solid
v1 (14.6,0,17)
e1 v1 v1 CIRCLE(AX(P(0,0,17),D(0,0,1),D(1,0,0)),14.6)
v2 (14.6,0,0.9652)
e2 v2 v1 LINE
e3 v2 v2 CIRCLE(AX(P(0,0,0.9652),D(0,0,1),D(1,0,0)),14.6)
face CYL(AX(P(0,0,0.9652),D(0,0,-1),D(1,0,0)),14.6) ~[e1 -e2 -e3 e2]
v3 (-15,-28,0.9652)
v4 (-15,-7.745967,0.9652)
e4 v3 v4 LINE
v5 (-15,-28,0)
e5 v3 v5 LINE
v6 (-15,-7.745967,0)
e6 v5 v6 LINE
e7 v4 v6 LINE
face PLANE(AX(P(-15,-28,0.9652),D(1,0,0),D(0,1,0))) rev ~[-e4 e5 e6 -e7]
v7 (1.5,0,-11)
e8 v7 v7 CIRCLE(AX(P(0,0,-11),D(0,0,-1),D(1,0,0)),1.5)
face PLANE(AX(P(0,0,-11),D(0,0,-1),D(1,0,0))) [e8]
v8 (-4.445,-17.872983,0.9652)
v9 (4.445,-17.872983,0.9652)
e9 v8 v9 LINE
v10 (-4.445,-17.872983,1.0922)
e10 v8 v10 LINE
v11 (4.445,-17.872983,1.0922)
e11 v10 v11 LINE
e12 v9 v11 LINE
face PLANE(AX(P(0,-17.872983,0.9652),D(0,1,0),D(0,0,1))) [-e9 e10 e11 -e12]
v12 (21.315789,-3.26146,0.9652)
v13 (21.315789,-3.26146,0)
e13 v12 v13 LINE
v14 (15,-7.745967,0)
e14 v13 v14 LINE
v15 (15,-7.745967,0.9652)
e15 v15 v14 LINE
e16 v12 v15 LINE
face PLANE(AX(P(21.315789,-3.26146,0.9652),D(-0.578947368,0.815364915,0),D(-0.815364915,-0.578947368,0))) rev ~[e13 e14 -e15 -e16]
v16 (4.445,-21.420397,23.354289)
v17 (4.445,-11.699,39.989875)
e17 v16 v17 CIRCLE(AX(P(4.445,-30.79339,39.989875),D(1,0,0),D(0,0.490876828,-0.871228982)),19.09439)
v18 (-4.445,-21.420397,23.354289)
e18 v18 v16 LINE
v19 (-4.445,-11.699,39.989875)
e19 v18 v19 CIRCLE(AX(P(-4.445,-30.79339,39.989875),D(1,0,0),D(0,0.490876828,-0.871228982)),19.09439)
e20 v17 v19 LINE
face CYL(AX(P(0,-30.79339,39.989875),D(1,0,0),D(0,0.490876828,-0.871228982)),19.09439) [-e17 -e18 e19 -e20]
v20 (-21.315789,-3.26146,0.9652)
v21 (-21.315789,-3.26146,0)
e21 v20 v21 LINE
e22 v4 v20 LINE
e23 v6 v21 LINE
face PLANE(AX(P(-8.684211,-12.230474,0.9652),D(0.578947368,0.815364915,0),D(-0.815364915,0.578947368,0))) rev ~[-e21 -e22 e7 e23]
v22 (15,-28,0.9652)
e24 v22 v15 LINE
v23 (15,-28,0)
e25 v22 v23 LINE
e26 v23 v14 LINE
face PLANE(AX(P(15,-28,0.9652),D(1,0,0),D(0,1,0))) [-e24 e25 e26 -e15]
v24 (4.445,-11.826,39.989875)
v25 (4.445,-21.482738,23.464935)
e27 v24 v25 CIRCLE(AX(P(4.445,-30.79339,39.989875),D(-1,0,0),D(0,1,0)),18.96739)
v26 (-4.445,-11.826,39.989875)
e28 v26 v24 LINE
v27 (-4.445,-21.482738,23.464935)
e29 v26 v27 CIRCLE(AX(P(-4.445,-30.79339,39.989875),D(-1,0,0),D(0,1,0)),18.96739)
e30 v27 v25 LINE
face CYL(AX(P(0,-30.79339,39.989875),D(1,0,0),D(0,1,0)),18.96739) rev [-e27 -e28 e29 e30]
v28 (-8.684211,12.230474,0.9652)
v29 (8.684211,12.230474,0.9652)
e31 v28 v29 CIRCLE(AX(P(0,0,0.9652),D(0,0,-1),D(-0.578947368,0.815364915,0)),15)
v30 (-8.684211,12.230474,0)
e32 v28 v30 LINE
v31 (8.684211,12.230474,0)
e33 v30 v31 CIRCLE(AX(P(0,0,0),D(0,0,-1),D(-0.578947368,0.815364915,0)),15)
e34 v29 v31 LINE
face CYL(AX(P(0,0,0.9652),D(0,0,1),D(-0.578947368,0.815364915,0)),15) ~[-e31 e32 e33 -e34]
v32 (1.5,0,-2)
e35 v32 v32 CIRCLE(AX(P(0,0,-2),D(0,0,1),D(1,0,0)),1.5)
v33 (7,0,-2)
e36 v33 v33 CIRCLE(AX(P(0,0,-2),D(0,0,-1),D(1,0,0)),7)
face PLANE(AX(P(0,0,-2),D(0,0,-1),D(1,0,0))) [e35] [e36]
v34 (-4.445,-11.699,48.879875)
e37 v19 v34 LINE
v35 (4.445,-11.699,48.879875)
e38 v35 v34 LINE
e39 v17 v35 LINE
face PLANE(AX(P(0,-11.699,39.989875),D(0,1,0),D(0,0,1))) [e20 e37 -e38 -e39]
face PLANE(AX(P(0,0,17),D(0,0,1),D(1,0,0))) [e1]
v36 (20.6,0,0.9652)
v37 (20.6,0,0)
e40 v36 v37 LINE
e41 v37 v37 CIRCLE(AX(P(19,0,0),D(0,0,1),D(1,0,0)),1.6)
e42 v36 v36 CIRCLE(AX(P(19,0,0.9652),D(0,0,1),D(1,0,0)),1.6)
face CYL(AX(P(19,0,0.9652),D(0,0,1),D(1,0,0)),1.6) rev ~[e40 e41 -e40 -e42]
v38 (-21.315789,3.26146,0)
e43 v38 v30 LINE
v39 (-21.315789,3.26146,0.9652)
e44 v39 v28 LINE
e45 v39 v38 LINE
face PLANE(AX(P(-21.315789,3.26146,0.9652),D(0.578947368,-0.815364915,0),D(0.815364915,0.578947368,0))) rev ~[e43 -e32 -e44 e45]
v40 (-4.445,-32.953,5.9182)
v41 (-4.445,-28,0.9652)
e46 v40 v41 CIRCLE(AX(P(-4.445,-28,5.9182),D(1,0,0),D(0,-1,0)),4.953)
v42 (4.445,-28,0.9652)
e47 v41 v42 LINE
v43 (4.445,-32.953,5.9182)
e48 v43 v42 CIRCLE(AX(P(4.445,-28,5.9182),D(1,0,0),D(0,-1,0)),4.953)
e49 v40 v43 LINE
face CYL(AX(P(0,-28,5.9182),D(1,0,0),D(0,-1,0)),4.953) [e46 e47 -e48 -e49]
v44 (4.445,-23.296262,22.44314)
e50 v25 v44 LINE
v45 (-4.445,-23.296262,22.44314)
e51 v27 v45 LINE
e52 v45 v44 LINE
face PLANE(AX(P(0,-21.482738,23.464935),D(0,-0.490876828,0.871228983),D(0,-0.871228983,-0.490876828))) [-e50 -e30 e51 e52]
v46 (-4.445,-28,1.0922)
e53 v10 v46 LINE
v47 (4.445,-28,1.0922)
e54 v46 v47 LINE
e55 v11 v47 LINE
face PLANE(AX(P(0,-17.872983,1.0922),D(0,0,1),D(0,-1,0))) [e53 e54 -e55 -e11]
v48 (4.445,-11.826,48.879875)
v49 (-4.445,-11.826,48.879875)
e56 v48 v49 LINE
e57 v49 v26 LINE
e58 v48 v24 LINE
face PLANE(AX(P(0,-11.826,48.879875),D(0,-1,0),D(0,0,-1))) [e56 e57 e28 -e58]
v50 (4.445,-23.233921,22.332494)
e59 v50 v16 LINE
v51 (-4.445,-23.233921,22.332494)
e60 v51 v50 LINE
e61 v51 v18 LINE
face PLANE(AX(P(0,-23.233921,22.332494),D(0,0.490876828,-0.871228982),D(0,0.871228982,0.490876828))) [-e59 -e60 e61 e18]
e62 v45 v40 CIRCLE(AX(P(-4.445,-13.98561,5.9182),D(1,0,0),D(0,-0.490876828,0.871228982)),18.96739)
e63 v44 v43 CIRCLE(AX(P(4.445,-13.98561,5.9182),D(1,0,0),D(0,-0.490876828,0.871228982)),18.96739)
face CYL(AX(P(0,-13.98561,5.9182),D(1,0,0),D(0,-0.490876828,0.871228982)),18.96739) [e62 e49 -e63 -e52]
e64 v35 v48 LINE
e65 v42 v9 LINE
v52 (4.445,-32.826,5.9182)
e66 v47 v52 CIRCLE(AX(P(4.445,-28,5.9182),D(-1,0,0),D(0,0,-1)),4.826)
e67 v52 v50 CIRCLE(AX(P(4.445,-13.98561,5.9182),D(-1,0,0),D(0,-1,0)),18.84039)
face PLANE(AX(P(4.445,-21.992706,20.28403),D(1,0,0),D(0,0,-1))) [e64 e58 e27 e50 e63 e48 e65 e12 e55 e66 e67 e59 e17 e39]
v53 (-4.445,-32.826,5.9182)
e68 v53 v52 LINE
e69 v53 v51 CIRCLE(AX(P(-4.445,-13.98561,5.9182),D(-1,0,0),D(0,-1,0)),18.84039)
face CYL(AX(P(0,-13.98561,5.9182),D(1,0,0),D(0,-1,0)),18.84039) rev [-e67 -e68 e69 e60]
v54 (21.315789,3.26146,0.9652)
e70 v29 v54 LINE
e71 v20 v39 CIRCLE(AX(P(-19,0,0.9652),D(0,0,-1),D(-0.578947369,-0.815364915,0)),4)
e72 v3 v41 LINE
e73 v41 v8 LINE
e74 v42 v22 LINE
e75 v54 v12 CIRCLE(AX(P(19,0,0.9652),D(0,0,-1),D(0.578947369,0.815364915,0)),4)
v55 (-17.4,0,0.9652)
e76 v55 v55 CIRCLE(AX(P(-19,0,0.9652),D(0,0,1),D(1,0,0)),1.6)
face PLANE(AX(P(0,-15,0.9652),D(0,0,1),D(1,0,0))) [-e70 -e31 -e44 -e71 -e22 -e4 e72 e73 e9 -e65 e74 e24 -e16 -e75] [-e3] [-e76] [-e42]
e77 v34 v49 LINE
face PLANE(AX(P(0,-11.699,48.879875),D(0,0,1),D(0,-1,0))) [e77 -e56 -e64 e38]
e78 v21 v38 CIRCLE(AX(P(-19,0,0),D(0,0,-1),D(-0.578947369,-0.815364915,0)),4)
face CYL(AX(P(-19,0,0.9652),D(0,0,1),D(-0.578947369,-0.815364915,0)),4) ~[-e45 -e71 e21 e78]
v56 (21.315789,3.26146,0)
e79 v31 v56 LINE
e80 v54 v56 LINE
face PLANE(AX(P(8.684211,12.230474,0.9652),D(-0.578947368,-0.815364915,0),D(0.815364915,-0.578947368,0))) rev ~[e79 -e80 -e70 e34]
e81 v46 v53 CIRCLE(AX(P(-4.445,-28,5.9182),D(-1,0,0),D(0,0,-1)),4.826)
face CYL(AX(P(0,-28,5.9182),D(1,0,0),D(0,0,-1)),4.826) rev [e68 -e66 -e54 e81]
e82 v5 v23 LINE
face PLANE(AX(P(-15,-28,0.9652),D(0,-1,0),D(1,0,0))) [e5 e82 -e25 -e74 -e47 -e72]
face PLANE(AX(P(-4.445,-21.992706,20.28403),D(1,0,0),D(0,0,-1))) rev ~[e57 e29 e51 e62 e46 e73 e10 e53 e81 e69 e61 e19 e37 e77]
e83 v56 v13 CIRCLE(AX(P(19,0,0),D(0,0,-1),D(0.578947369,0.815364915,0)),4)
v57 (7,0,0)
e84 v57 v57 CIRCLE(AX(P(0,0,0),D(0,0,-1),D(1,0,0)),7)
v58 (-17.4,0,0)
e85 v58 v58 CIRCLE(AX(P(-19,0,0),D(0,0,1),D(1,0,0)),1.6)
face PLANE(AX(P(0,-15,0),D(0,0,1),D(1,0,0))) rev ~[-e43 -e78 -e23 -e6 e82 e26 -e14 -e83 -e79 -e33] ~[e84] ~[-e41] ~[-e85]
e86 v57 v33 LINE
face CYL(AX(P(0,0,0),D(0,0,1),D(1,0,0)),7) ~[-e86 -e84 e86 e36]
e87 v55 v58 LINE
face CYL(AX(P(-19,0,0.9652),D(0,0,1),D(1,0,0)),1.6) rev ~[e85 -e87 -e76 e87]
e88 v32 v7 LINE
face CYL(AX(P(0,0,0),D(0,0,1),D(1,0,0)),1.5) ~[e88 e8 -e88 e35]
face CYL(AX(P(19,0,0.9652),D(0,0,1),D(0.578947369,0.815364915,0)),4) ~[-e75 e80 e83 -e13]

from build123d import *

# Parameters (mm, degrees)
SKETCH1_R           = 15
BOSS_EXTRUDE1_DEPTH = 0.9652
SKETCH2_R           = 1.6
BOSS_EXTRUDE2_DEPTH = 0.9652
SKETCH3_W           = 30
SKETCH3_H           = 26
BOSS_EXTRUDE3_DEPTH = 0.9652
SKETCH4_R           = 14.6
BOSS_EXTRUDE4_DEPTH = 16.0348
SKETCH5_R           = 1.5
BOSS_EXTRUDE5_DEPTH = 11
SKETCH6_R           = 7
BOSS_EXTRUDE6_DEPTH = 2
BOSS_EXTRUDE7_DEPTH = 4.445


with BuildPart() as part:
    # Sketch1 → Boss-Extrude1 (new body)
    with BuildSketch(Plane.XY):
        with Locations(Location((0, 0, 0), (0, 0, 180))):
            Circle(SKETCH1_R)
    extrude(amount=BOSS_EXTRUDE1_DEPTH)

    # Sketch2 → Boss-Extrude2 (add, through all)
    with BuildSketch(Plane.XY.offset(0.9652)):
        with BuildLine():
            Line((-21.315789474, 3.26145966), (-8.684210526, 12.230473725))
            ThreePointArc((-8.684210526, 12.230473725), (0, 15), (8.684210526, 12.230473725))
            Line((8.684210526, 12.230473725), (21.315789474, 3.26145966))
            ThreePointArc((21.315789474, 3.26145966), (23, 0), (21.315789474, -3.26145966))
            Line((21.315789474, -3.26145966), (8.684210526, -12.230473725))
            ThreePointArc((8.684210526, -12.230473725), (0, -15), (-8.684210526, -12.230473725))
            Line((-8.684210526, -12.230473725), (-21.315789474, -3.26145966))
            ThreePointArc((-21.315789474, -3.26145966), (-23, 0), (-21.315789474, 3.26145966))
        make_face()
        with Locations((-19, 0)):
            Circle(SKETCH2_R, mode=Mode.SUBTRACT)
        with Locations((19, 0)):
            Circle(SKETCH2_R, mode=Mode.SUBTRACT)
    extrude(amount=-BOSS_EXTRUDE2_DEPTH)

    # Sketch3 → Boss-Extrude3 (add, through all)
    with BuildSketch(Plane.XY.offset(0.9652)):
        with Locations((0, -15)):
            Rectangle(SKETCH3_W, SKETCH3_H)
    extrude(amount=-BOSS_EXTRUDE3_DEPTH)

    # Sketch4 → Boss-Extrude4 (add)
    with BuildSketch(Plane.XY.offset(0.9652)):
        Circle(SKETCH4_R)
    extrude(amount=BOSS_EXTRUDE4_DEPTH)

    # Sketch5 → Boss-Extrude5 (add)
    with BuildSketch(Plane(origin=(0, 0, 0), x_dir=(-1, 0, 0), z_dir=(0, 0, -1))):
        with Locations(Location((0, 0, 0), (0, 0, 180))):
            Circle(SKETCH5_R)
    extrude(amount=BOSS_EXTRUDE5_DEPTH)

    # Sketch6 → Boss-Extrude6 (add)
    with BuildSketch(Plane(origin=(0, 0, 0), x_dir=(-1, 0, 0), z_dir=(0, 0, -1))):
        with Locations(Location((0, 0, 0), (0, 0, 180))):
            Circle(SKETCH6_R)
    extrude(amount=BOSS_EXTRUDE6_DEPTH)

    # Sketch7 → Boss-Extrude7 (add, symmetric)
    with BuildSketch(Plane(origin=(0, 0, 0), x_dir=(0, 0, -1), z_dir=(1, 0, 0))):
        with BuildLine():
            Line((-48.879875, -11.826), (-39.989875, -11.826))
            ThreePointArc((-39.989875, -11.826), (-30.420049501, -14.417177809), (-23.46493471, -21.482737995))
            Line((-23.46493471, -21.482737995), (-22.44314029, -23.296262005))
            ThreePointArc((-22.44314029, -23.296262005), (-15.488025499, -30.361822191), (-5.9182, -32.953))
            ThreePointArc((-5.9182, -32.953), (-2.415900113, -31.502299887), (-0.9652, -28))
            Line((-0.9652, -28), (-0.9652, -17.872983346))
            Line((-0.9652, -17.872983346), (-1.0922, -17.872983346))
            Line((-1.0922, -17.872983346), (-1.0922, -28))
            ThreePointArc((-1.0922, -28), (-2.505702674, -31.412497326), (-5.9182, -32.826))
            ThreePointArc((-5.9182, -32.826), (-15.423948796, -30.252171946), (-22.332494209, -23.233920647))
            Line((-22.332494209, -23.233920647), (-23.35428863, -21.420396638))
            ThreePointArc((-23.35428863, -21.420396638), (-30.355972799, -14.307527564), (-39.989875, -11.699))
            Line((-39.989875, -11.699), (-48.879875, -11.699))
            Line((-48.879875, -11.699), (-48.879875, -11.826))
        make_face()
    extrude(amount=BOSS_EXTRUDE7_DEPTH, both=True)


solid = part.part
